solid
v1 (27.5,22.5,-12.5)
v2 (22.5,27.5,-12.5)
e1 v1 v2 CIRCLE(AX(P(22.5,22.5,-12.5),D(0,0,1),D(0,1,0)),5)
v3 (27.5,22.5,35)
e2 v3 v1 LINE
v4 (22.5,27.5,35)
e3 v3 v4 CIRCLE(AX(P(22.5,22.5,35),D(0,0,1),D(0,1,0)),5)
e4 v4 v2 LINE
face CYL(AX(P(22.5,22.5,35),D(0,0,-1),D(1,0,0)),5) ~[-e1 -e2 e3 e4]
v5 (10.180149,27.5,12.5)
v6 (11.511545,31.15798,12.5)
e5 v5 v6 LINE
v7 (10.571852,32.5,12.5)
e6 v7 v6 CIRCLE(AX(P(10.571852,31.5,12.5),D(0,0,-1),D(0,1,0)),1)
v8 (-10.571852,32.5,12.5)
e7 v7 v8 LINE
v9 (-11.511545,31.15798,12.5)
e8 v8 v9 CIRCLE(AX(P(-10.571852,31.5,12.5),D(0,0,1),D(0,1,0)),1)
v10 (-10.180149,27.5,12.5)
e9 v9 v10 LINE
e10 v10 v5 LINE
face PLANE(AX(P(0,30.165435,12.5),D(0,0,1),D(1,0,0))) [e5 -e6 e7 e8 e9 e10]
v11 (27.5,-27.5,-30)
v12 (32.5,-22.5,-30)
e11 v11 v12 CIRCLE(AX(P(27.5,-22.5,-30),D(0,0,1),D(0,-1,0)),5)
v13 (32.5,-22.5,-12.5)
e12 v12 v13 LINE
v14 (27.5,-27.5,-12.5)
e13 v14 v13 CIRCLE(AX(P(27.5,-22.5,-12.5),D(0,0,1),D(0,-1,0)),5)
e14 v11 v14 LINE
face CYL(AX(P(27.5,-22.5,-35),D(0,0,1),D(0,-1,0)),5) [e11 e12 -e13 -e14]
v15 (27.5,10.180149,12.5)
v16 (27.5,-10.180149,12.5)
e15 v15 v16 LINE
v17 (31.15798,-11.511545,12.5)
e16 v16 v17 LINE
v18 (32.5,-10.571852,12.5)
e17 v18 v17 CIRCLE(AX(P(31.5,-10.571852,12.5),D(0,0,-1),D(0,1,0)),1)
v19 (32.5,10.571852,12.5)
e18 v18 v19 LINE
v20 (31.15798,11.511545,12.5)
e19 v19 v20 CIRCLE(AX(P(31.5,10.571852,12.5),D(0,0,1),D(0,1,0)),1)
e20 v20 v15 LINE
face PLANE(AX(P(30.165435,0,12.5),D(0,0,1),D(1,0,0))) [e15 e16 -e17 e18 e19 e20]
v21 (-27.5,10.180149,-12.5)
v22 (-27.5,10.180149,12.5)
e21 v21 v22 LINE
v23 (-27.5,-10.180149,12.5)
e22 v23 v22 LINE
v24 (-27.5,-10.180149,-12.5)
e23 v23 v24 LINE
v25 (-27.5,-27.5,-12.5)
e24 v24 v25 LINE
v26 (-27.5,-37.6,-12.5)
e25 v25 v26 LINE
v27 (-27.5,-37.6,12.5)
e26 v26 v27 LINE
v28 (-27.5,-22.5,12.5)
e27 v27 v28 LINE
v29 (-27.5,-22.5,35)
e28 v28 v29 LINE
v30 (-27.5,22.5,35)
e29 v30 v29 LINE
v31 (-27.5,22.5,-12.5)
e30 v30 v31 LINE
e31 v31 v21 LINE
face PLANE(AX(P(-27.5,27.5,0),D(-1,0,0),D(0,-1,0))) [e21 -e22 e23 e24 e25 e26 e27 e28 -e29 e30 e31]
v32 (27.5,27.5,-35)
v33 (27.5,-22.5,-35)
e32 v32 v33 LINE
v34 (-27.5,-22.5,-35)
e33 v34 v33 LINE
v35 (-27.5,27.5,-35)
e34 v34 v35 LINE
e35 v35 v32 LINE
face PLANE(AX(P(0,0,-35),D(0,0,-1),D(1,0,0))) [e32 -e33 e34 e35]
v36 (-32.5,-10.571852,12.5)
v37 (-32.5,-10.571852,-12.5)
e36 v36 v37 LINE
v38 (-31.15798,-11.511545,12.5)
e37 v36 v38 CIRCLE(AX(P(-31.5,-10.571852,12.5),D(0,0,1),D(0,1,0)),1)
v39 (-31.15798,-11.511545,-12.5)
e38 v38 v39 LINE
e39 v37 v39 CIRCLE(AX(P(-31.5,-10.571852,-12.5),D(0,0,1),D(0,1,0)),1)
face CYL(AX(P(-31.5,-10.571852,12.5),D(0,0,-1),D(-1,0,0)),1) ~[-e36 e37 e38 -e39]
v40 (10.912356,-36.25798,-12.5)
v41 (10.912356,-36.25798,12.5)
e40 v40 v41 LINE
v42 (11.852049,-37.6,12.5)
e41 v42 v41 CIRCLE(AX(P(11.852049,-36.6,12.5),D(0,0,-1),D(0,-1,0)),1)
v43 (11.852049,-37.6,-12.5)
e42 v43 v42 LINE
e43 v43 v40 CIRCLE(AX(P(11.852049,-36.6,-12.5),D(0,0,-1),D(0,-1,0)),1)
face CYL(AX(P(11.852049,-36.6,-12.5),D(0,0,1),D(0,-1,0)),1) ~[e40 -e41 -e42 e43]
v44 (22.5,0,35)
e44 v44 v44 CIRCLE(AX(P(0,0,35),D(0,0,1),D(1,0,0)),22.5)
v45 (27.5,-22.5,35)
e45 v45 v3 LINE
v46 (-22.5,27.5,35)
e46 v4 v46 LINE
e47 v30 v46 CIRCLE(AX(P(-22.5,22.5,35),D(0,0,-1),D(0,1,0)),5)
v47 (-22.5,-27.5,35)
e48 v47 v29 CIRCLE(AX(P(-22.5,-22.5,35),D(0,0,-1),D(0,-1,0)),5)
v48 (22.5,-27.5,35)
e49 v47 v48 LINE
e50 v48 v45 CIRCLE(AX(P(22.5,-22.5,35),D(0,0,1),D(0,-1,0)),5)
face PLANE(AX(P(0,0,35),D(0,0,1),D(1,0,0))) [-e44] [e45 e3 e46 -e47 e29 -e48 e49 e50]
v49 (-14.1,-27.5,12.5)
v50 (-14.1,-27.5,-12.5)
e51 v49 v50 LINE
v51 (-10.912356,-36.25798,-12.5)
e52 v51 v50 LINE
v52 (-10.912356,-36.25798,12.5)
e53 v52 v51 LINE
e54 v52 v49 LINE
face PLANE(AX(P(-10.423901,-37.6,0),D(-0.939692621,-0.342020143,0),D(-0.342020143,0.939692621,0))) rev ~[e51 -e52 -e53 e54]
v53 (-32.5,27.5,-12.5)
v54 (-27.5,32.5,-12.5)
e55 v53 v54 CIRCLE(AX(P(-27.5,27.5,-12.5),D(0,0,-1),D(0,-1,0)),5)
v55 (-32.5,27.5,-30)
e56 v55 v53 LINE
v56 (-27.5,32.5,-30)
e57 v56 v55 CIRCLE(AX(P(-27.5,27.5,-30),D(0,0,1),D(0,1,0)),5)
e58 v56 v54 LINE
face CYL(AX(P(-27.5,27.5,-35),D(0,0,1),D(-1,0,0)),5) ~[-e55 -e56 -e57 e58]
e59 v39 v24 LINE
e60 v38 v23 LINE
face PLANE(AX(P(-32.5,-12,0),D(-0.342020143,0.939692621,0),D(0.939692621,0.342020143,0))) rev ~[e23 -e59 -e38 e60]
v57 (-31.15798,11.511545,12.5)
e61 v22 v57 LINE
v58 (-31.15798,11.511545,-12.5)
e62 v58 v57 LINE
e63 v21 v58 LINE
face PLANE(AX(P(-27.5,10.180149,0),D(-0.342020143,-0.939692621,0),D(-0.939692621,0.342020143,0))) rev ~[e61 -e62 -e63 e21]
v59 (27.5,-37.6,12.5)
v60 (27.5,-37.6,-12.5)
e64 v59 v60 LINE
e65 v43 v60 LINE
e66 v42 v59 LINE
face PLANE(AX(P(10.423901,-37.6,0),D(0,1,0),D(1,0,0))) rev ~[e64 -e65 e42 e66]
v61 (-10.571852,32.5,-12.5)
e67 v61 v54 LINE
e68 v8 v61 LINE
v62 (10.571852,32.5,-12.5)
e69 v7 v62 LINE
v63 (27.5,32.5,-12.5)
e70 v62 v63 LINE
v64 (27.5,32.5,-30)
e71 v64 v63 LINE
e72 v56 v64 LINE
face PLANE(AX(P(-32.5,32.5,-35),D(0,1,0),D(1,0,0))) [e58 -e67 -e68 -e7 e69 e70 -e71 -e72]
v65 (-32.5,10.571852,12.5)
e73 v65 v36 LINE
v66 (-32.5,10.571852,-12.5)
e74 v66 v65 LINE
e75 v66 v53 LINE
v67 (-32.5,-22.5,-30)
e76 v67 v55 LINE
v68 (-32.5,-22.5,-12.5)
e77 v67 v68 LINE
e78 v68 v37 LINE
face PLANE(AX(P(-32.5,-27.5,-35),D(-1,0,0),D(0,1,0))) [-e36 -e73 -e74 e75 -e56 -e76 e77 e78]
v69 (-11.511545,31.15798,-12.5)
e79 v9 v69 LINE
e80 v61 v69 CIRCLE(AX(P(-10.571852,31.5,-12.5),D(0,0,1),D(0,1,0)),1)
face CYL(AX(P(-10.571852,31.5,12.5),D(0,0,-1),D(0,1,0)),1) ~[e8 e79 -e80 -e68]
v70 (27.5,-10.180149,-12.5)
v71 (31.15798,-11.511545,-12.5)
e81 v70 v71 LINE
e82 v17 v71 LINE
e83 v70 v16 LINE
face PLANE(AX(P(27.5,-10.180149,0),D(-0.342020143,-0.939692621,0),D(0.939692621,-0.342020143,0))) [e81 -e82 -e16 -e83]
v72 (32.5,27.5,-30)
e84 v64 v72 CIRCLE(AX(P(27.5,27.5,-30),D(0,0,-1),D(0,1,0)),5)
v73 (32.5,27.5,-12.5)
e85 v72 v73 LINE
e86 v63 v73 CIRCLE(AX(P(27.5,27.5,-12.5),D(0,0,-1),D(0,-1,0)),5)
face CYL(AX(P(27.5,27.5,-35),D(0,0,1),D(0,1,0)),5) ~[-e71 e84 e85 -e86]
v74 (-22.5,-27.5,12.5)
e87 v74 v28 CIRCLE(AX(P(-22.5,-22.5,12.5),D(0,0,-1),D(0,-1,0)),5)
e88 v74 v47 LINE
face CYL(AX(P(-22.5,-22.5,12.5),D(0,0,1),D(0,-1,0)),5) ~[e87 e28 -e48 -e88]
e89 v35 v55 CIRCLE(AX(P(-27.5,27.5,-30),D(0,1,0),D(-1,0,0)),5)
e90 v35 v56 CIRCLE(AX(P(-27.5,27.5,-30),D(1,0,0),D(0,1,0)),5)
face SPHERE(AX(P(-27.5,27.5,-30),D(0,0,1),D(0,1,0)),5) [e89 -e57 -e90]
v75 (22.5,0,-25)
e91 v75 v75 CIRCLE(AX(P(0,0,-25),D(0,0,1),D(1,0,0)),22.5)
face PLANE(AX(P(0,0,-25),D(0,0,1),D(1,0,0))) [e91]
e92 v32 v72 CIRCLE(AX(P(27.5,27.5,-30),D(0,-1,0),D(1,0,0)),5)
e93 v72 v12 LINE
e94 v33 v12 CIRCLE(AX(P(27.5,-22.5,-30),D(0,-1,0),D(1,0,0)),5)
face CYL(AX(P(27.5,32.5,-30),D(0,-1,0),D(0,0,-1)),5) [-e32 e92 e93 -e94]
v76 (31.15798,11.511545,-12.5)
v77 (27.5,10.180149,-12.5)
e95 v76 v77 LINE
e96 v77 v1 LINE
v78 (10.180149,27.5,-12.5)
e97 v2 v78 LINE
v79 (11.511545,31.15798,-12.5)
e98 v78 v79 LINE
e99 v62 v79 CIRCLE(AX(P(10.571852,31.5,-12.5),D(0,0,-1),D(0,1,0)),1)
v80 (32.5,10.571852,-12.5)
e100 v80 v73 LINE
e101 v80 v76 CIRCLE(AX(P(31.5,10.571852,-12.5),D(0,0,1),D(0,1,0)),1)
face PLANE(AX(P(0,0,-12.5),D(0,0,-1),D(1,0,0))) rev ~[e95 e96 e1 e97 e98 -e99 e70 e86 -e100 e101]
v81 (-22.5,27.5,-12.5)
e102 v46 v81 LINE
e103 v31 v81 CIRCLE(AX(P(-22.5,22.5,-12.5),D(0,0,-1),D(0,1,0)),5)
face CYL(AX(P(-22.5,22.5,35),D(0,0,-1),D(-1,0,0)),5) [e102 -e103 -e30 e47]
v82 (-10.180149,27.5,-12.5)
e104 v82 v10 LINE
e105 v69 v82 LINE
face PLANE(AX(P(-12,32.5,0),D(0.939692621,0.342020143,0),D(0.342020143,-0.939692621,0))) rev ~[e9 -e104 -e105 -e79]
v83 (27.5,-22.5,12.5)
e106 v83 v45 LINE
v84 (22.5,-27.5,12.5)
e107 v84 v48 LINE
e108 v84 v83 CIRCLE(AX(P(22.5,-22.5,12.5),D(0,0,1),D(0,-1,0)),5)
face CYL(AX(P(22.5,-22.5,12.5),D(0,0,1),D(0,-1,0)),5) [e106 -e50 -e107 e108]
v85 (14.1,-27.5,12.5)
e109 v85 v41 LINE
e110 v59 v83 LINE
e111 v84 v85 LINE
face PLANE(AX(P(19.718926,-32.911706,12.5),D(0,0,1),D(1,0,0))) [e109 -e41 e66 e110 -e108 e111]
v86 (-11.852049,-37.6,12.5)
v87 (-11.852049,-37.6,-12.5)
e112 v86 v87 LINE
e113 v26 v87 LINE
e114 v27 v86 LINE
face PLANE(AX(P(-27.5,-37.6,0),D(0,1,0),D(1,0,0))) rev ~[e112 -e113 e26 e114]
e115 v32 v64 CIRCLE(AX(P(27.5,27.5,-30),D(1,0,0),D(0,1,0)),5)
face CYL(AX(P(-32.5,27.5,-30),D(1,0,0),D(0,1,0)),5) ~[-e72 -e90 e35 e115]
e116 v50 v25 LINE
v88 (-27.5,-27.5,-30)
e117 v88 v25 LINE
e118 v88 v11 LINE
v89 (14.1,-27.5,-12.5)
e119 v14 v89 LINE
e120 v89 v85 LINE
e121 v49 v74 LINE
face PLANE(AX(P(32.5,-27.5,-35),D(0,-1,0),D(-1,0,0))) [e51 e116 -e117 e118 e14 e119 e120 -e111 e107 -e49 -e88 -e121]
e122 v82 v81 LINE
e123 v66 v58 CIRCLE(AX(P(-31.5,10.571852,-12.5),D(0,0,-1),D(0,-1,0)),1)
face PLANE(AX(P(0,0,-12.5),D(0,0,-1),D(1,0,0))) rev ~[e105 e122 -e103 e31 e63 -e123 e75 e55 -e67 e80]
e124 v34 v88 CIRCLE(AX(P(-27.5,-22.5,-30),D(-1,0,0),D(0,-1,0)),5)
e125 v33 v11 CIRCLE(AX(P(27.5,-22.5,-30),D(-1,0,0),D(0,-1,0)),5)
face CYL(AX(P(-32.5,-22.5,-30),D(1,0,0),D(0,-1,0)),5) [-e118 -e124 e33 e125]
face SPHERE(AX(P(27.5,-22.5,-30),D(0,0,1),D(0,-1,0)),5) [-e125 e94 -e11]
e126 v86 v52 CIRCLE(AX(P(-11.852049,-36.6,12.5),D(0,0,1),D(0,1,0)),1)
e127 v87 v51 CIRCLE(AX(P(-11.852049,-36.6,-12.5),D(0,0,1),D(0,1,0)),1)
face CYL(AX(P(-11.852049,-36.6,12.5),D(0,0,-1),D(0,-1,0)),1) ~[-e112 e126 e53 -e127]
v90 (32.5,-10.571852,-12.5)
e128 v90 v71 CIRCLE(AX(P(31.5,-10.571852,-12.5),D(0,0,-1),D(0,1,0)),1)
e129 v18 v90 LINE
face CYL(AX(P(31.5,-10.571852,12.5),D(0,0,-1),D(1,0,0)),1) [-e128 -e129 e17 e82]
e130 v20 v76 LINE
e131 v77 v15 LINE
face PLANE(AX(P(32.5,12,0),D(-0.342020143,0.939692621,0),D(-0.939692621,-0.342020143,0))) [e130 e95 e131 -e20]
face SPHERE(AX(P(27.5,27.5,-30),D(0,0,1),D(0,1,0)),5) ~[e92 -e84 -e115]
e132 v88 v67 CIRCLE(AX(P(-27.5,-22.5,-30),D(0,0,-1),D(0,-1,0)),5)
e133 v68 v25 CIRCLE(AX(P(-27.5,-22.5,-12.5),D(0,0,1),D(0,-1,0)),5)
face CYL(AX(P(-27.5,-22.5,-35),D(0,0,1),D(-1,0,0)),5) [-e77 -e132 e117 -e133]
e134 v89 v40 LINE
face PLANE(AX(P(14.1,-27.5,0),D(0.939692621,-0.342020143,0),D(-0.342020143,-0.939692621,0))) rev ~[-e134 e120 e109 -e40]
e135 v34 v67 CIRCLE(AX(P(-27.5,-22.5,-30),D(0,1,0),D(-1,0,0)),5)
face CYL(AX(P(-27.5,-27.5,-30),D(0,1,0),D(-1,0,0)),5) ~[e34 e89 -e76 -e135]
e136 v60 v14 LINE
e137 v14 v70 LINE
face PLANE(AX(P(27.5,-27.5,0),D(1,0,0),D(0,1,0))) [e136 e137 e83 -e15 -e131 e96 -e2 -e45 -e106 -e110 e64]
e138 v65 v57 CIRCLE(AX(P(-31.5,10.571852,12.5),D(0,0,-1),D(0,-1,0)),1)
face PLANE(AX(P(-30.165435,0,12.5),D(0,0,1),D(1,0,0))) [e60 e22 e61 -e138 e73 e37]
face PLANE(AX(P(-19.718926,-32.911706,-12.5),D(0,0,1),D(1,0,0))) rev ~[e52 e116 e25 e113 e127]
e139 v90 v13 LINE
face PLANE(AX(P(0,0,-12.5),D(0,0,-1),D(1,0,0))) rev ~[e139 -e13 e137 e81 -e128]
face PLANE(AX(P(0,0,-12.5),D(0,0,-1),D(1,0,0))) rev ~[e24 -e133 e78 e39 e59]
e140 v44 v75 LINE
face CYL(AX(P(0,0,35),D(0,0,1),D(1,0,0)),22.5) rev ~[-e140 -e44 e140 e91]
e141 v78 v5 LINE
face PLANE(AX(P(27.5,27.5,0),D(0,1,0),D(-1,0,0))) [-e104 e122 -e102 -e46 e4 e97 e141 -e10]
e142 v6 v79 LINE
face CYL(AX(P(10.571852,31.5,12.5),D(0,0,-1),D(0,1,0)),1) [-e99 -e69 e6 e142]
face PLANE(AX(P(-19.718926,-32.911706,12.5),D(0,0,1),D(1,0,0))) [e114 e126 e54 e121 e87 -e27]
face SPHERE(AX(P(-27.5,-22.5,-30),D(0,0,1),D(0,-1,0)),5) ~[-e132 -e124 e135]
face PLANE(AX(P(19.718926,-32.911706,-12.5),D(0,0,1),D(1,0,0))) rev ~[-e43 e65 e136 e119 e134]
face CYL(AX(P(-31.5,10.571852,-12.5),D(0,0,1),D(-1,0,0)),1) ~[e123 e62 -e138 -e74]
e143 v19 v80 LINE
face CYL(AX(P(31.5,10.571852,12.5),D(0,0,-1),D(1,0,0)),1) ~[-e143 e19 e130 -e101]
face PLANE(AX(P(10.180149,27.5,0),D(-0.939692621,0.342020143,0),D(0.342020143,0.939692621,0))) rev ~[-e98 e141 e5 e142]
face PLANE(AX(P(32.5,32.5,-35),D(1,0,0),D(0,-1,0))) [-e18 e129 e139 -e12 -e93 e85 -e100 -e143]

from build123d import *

# Parameters (mm, degrees)
F1_DEPTH = 35
F2_DEPTH = 12.5
F3_W     = 55
F3_H     = 55
F4_DEPTH = 22.5
F5_R     = 22.5
F6_DEPTH = 60
F7_R     = 5
F8_R     = 1


with BuildPart() as f1:
    # F0 (on Top) → F1 (new body, symmetric)
    with BuildSketch(Plane.XY):
        Polygon((-10.1801488287, 27.5), (-27.5, 27.5), (-27.5, 10.1801488287), (-27.5, -10.1801488287), (-27.5, -27.5), (-14.1, -27.5), (14.1, -27.5), (27.5, -27.5), (27.5, -10.1801488287), (27.5, 10.1801488287), (27.5, 27.5), (10.1801488287, 27.5), align=None)
    extrude(amount=F1_DEPTH, both=True)

    # F0 (on Top) → F2 (join, symmetric)
    with BuildSketch(Plane.XY):
        Polygon((-12, 32.5), (-10.1801488287, 27.5), (10.1801488287, 27.5), (12, 32.5), align=None)
        Polygon((-27.5, -10.1801488287), (-27.5, 10.1801488287), (-32.5, 12), (-32.5, -12), align=None)
        Polygon((-14.1, -27.5), (-27.5, -27.5), (-27.5, -37.6), (-10.4239006339, -37.6), align=None)
        Polygon((27.5, -27.5), (14.1, -27.5), (10.4239006339, -37.6), (27.5, -37.6), align=None)
        Polygon((32.5, 12), (27.5, 10.1801488287), (27.5, -10.1801488287), (32.5, -12), align=None)
    extrude(amount=F2_DEPTH, both=True)

    # F3 (on face) → F4 (join, through all)
    with BuildSketch(Plane(origin=(0, 0, -35), x_dir=(1, 0, 0), z_dir=(0, 0, -1))):
        Rectangle(F3_W, F3_H)
        Polygon((27.5, 27.5), (27.5, -27.5), (-27.5, -27.5), (-27.5, 27.5), (-32.5, 27.5), (-32.5, -32.5), (32.5, -32.5), (32.5, 27.5), align=None)
    extrude(amount=-F4_DEPTH)

    # F5 (on face) → F6 (cut)
    with BuildSketch(Plane.XY.offset(35)):
        Circle(F5_R)
    extrude(amount=-F6_DEPTH, mode=Mode.SUBTRACT)

    # F7
    f7_edges = [f1.edges().sort_by_distance(p)[0] for p in [
        (-27.5, -27.5, 23.75),
        (-32.5, -27.5, -23.75),
        (27.5, -27.5, 23.75),
        (32.5, -27.5, -23.75),
        (27.5, 27.5, 11.25),
        (32.5, 32.5, -23.75),
        (-27.5, 27.5, 11.25),
        (-32.5, 32.5, -23.75),
        (0, -27.5, -35),
        (0, 32.5, -35),
        (32.5, 2.5, -35),
        (-32.5, 2.5, -35),
    ]]
    fillet(f7_edges, radius=F7_R)

    # F8
    f8_edges = [f1.edges().sort_by_distance(p)[0] for p in [
        (32.5, 12, 0),
        (32.5, -12, 0),
        (10.423901, -37.6, 0),
        (-10.423901, -37.6, 0),
        (-32.5, -12, 0),
        (-32.5, 12, 0),
        (-12, 32.5, 0),
        (12, 32.5, 0),
    ]]
    fillet(f8_edges, radius=F8_R)


solid = f1.part
